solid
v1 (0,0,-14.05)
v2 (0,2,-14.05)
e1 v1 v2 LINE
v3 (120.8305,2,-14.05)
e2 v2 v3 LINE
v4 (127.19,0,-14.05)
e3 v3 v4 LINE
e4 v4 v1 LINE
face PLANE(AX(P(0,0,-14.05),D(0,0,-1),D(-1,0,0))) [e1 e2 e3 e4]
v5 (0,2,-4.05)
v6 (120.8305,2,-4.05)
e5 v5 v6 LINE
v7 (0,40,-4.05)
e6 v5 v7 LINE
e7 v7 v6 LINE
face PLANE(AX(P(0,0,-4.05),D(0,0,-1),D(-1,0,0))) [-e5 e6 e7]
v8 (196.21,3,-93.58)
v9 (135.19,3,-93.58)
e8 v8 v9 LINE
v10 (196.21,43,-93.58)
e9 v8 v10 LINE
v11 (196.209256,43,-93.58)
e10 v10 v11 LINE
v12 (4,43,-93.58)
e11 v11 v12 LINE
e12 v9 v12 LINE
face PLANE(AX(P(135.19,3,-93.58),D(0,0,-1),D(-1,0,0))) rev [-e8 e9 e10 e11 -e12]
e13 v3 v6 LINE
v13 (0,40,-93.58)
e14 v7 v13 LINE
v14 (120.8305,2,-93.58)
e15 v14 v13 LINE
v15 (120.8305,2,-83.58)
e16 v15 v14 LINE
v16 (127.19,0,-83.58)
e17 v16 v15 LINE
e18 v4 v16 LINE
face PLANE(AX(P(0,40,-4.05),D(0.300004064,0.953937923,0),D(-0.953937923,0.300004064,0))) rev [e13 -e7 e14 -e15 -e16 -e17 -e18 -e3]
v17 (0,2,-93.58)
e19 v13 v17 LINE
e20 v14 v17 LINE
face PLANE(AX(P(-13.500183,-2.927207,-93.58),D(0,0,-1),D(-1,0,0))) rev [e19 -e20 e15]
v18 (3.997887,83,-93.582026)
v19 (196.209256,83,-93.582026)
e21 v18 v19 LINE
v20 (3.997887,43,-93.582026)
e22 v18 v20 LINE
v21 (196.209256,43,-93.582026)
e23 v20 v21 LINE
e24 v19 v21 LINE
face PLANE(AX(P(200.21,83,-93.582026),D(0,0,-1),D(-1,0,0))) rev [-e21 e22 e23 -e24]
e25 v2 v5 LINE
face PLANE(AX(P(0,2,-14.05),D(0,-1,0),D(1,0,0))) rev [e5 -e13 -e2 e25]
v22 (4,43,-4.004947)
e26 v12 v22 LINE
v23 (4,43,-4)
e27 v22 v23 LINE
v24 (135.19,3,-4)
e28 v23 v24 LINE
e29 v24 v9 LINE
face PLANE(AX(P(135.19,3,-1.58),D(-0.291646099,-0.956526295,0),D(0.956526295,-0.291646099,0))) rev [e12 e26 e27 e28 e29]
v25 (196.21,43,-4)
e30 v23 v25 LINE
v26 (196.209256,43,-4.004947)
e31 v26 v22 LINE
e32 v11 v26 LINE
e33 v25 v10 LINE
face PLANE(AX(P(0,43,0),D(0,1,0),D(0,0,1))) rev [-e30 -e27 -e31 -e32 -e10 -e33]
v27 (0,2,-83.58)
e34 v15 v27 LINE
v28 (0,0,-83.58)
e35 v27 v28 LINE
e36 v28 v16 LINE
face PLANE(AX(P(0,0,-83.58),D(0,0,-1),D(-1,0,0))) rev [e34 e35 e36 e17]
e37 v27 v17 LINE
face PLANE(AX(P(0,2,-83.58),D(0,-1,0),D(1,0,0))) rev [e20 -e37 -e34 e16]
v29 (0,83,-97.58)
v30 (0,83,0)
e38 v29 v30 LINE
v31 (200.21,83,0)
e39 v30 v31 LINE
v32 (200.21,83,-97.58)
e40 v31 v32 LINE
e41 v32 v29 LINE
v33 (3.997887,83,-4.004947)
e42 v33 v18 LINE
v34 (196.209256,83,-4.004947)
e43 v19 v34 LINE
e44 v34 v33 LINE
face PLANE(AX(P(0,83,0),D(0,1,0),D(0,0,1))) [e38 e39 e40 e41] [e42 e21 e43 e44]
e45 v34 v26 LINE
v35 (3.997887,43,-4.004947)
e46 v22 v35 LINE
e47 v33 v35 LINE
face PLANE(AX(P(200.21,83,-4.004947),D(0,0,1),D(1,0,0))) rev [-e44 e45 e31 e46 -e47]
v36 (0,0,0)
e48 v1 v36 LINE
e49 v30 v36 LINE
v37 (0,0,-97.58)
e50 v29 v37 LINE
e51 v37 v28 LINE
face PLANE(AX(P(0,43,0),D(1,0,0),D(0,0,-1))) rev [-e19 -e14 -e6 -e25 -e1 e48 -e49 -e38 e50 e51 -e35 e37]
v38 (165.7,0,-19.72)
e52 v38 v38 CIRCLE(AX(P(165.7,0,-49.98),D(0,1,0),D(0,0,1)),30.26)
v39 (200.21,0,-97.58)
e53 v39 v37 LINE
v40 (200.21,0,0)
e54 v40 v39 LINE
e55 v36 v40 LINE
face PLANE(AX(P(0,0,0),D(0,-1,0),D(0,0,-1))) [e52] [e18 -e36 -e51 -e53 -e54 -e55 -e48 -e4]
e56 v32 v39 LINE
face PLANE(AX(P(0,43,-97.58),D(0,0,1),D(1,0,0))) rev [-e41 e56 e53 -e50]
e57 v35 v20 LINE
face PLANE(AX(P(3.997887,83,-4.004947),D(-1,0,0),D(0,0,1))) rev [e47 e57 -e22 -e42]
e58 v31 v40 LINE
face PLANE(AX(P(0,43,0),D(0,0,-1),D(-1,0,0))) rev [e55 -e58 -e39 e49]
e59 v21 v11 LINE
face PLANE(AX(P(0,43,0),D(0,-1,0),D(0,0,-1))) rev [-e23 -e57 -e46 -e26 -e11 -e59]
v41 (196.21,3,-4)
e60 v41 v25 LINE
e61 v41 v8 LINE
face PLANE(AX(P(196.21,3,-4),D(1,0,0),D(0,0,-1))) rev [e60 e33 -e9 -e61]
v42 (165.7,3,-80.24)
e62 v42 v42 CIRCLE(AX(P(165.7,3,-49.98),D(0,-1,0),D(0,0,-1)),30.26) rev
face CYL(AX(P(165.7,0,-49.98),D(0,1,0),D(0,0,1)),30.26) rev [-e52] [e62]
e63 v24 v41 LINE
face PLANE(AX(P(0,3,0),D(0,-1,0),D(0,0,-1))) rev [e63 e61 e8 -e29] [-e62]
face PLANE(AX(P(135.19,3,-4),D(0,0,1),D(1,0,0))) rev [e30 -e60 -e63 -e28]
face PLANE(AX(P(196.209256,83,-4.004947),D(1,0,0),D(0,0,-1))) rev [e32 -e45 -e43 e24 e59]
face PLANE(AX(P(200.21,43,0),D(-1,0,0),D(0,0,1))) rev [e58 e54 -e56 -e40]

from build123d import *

# Parameters (mm, degrees)
SKETCH1_W            = 200.21
SKETCH1_H            = 97.58
BOSS_EXTRUDE1_DEPTH  = 43
SKETCH2_R            = 30.26
CUT_EXTRUDE1_DEPTH   = 43
SKETCH3_W            = 61.02
SKETCH3_H            = 89.58
CUT_EXTRUDE4_DEPTH   = 40
SKETCH6_W            = 131.19
SKETCH6_H            = 89.58
CUT_EXTRUDE6_DEPTH   = 40
BOSS_EXTRUDE2_DEPTH  = 92
SKETCH10_W           = 200.21
SKETCH10_H           = 4.004947158
BOSS_EXTRUDE3_DEPTH  = 40
SKETCH11_W           = 3.997887423
SKETCH11_H           = 93.575052842
BOSS_EXTRUDE4_DEPTH  = 40
SKETCH14_W           = 198.22617176
SKETCH14_H           = 3.997974015
BOSS_EXTRUDE8_DEPTH  = 40
SKETCH15_W           = 4.000744024
SKETCH15_H           = 90.67582921
BOSS_EXTRUDE9_DEPTH  = 40
CUT_EXTRUDE7_DEPTH   = 93.53
SKETCH17_W           = 133.33152703
SKETCH17_H           = 4
BOSS_EXTRUDE10_DEPTH = 45
SKETCH18_W           = 19.990768927
SKETCH18_H           = 67.482432085
CUT_EXTRUDE8_DEPTH   = 45
SKETCH19_W           = 130.204698474
SKETCH19_H           = 63.111611145
CUT_EXTRUDE9_DEPTH   = 45
BOSS_EXTRUDE11_DEPTH = 10
BOSS_EXTRUDE12_DEPTH = 10


with BuildPart() as part:
    # Sketch1 → Boss-Extrude1 (new body)
    with BuildSketch(Plane(origin=(0, 0, 0), x_dir=(1, 0, 0), z_dir=(0, 1, 0))):
        with Locations((100.105, 48.79)):
            Rectangle(SKETCH1_W, SKETCH1_H)
    extrude(amount=BOSS_EXTRUDE1_DEPTH)

    # Sketch2 → Cut-Extrude1 (cut)
    with BuildSketch(Plane(origin=(0, 43, 0), x_dir=(1, 0, 0), z_dir=(0, 1, 0))):
        with Locations(Location((165.7, 49.98, 0), (0, 0, 270))):
            Circle(SKETCH2_R)
    extrude(amount=-CUT_EXTRUDE1_DEPTH, mode=Mode.SUBTRACT)

    # Sketch3 → Cut-Extrude4 (cut)
    with BuildSketch(Plane(origin=(0, 43, 0), x_dir=(1, 0, 0), z_dir=(0, 1, 0))):
        with Locations((165.7, 48.79)):
            Rectangle(SKETCH3_W, SKETCH3_H)
    extrude(amount=-CUT_EXTRUDE4_DEPTH, mode=Mode.SUBTRACT)

    # Sketch6 → Cut-Extrude6 (cut)
    with BuildSketch(Plane(origin=(0, 43, 0), x_dir=(1, 0, 0), z_dir=(0, 1, 0))):
        with Locations((69.595, 48.79)):
            Rectangle(SKETCH6_W, SKETCH6_H)
    extrude(amount=-CUT_EXTRUDE6_DEPTH, mode=Mode.SUBTRACT)

    # Sketch9 → Boss-Extrude2 (add)
    with BuildSketch(Plane.XY.offset(-93.58)):
        Polygon((4, 3), (135.19, 3), (4, 43), align=None)
    extrude(amount=BOSS_EXTRUDE2_DEPTH)

    # Sketch10 → Boss-Extrude3 (add)
    with BuildSketch(Plane(origin=(0, 43, 0), x_dir=(1, 0, 0), z_dir=(0, 1, 0))):
        with Locations((100.105, 2.002473579)):
            Rectangle(SKETCH10_W, SKETCH10_H)
    extrude(amount=BOSS_EXTRUDE3_DEPTH)

    # Sketch11 → Boss-Extrude4 (add)
    with BuildSketch(Plane(origin=(0, 43, 0), x_dir=(1, 0, 0), z_dir=(0, 1, 0))):
        with Locations((1.998943712, 50.792473579)):
            Rectangle(SKETCH11_W, SKETCH11_H)
    extrude(amount=BOSS_EXTRUDE4_DEPTH)

    # Sketch14 → Boss-Extrude8 (add)
    with BuildSketch(Plane(origin=(0, 43, 0), x_dir=(1, 0, 0), z_dir=(0, 1, 0))):
        with Locations((101.09691412, 95.581012993)):
            Rectangle(SKETCH14_W, SKETCH14_H)
    extrude(amount=BOSS_EXTRUDE8_DEPTH)

    # Sketch15 → Boss-Extrude9 (add)
    with BuildSketch(Plane(origin=(0, 43, 0), x_dir=(1, 0, 0), z_dir=(0, 1, 0))):
        with Locations((198.209627988, 49.342861763)):
            Rectangle(SKETCH15_W, SKETCH15_H)
    extrude(amount=BOSS_EXTRUDE9_DEPTH)

    # Sketch16 → Cut-Extrude7 (cut)
    with BuildSketch(Plane(origin=(0, 0, -97.58), x_dir=(-1, 0, 0), z_dir=(0, 0, -1))):
        Polygon((0, 0), (-127.19, 0), (0, 40), align=None)
    extrude(amount=-CUT_EXTRUDE7_DEPTH, mode=Mode.SUBTRACT)

    # Sketch17 → Boss-Extrude10 (add)
    with BuildSketch(Plane(origin=(11.44741016, 36.399902458, 0), x_dir=(0.9539379232634473, -0.30000406423883874, 0), z_dir=(-0.30000406423883874, -0.9539379232634474, 0))):
        with Locations((54.665600945, -95.58)):
            Rectangle(SKETCH17_W, SKETCH17_H)
    extrude(amount=BOSS_EXTRUDE10_DEPTH)

    # Sketch18 → Cut-Extrude8 (cut)
    with BuildSketch(Plane(origin=(0, 0, -97.58), x_dir=(-1, 0, 0), z_dir=(0, 0, -1))):
        with Locations((9.995384464, 19.727595476)):
            Rectangle(SKETCH18_W, SKETCH18_H)
    extrude(amount=-CUT_EXTRUDE8_DEPTH, mode=Mode.SUBTRACT)

    # Sketch19 → Cut-Extrude9 (cut)
    with BuildSketch(Plane(origin=(0, 0, -97.58), x_dir=(-1, 0, 0), z_dir=(0, 0, -1))):
        with Locations((-62.087650763, -31.555805573)):
            Rectangle(SKETCH19_W, SKETCH19_H)
    extrude(amount=-CUT_EXTRUDE9_DEPTH, mode=Mode.SUBTRACT)

    # Sketch20 → Boss-Extrude11 (add)
    with BuildSketch(Plane(origin=(0, 0, -4.05), x_dir=(-1, 0, 0), z_dir=(0, 0, -1))):
        Polygon((0, 0), (0, 2), (-120.8305, 2), (-127.19, 0), align=None)
    extrude(amount=BOSS_EXTRUDE11_DEPTH)

    # Sketch21 → Boss-Extrude12 (add)
    with BuildSketch(Plane.XY.offset(-93.58)):
        Polygon((0, 0), (0, 2), (120.8305, 2), (127.19, 0), align=None)
    extrude(amount=BOSS_EXTRUDE12_DEPTH)


solid = part.part
